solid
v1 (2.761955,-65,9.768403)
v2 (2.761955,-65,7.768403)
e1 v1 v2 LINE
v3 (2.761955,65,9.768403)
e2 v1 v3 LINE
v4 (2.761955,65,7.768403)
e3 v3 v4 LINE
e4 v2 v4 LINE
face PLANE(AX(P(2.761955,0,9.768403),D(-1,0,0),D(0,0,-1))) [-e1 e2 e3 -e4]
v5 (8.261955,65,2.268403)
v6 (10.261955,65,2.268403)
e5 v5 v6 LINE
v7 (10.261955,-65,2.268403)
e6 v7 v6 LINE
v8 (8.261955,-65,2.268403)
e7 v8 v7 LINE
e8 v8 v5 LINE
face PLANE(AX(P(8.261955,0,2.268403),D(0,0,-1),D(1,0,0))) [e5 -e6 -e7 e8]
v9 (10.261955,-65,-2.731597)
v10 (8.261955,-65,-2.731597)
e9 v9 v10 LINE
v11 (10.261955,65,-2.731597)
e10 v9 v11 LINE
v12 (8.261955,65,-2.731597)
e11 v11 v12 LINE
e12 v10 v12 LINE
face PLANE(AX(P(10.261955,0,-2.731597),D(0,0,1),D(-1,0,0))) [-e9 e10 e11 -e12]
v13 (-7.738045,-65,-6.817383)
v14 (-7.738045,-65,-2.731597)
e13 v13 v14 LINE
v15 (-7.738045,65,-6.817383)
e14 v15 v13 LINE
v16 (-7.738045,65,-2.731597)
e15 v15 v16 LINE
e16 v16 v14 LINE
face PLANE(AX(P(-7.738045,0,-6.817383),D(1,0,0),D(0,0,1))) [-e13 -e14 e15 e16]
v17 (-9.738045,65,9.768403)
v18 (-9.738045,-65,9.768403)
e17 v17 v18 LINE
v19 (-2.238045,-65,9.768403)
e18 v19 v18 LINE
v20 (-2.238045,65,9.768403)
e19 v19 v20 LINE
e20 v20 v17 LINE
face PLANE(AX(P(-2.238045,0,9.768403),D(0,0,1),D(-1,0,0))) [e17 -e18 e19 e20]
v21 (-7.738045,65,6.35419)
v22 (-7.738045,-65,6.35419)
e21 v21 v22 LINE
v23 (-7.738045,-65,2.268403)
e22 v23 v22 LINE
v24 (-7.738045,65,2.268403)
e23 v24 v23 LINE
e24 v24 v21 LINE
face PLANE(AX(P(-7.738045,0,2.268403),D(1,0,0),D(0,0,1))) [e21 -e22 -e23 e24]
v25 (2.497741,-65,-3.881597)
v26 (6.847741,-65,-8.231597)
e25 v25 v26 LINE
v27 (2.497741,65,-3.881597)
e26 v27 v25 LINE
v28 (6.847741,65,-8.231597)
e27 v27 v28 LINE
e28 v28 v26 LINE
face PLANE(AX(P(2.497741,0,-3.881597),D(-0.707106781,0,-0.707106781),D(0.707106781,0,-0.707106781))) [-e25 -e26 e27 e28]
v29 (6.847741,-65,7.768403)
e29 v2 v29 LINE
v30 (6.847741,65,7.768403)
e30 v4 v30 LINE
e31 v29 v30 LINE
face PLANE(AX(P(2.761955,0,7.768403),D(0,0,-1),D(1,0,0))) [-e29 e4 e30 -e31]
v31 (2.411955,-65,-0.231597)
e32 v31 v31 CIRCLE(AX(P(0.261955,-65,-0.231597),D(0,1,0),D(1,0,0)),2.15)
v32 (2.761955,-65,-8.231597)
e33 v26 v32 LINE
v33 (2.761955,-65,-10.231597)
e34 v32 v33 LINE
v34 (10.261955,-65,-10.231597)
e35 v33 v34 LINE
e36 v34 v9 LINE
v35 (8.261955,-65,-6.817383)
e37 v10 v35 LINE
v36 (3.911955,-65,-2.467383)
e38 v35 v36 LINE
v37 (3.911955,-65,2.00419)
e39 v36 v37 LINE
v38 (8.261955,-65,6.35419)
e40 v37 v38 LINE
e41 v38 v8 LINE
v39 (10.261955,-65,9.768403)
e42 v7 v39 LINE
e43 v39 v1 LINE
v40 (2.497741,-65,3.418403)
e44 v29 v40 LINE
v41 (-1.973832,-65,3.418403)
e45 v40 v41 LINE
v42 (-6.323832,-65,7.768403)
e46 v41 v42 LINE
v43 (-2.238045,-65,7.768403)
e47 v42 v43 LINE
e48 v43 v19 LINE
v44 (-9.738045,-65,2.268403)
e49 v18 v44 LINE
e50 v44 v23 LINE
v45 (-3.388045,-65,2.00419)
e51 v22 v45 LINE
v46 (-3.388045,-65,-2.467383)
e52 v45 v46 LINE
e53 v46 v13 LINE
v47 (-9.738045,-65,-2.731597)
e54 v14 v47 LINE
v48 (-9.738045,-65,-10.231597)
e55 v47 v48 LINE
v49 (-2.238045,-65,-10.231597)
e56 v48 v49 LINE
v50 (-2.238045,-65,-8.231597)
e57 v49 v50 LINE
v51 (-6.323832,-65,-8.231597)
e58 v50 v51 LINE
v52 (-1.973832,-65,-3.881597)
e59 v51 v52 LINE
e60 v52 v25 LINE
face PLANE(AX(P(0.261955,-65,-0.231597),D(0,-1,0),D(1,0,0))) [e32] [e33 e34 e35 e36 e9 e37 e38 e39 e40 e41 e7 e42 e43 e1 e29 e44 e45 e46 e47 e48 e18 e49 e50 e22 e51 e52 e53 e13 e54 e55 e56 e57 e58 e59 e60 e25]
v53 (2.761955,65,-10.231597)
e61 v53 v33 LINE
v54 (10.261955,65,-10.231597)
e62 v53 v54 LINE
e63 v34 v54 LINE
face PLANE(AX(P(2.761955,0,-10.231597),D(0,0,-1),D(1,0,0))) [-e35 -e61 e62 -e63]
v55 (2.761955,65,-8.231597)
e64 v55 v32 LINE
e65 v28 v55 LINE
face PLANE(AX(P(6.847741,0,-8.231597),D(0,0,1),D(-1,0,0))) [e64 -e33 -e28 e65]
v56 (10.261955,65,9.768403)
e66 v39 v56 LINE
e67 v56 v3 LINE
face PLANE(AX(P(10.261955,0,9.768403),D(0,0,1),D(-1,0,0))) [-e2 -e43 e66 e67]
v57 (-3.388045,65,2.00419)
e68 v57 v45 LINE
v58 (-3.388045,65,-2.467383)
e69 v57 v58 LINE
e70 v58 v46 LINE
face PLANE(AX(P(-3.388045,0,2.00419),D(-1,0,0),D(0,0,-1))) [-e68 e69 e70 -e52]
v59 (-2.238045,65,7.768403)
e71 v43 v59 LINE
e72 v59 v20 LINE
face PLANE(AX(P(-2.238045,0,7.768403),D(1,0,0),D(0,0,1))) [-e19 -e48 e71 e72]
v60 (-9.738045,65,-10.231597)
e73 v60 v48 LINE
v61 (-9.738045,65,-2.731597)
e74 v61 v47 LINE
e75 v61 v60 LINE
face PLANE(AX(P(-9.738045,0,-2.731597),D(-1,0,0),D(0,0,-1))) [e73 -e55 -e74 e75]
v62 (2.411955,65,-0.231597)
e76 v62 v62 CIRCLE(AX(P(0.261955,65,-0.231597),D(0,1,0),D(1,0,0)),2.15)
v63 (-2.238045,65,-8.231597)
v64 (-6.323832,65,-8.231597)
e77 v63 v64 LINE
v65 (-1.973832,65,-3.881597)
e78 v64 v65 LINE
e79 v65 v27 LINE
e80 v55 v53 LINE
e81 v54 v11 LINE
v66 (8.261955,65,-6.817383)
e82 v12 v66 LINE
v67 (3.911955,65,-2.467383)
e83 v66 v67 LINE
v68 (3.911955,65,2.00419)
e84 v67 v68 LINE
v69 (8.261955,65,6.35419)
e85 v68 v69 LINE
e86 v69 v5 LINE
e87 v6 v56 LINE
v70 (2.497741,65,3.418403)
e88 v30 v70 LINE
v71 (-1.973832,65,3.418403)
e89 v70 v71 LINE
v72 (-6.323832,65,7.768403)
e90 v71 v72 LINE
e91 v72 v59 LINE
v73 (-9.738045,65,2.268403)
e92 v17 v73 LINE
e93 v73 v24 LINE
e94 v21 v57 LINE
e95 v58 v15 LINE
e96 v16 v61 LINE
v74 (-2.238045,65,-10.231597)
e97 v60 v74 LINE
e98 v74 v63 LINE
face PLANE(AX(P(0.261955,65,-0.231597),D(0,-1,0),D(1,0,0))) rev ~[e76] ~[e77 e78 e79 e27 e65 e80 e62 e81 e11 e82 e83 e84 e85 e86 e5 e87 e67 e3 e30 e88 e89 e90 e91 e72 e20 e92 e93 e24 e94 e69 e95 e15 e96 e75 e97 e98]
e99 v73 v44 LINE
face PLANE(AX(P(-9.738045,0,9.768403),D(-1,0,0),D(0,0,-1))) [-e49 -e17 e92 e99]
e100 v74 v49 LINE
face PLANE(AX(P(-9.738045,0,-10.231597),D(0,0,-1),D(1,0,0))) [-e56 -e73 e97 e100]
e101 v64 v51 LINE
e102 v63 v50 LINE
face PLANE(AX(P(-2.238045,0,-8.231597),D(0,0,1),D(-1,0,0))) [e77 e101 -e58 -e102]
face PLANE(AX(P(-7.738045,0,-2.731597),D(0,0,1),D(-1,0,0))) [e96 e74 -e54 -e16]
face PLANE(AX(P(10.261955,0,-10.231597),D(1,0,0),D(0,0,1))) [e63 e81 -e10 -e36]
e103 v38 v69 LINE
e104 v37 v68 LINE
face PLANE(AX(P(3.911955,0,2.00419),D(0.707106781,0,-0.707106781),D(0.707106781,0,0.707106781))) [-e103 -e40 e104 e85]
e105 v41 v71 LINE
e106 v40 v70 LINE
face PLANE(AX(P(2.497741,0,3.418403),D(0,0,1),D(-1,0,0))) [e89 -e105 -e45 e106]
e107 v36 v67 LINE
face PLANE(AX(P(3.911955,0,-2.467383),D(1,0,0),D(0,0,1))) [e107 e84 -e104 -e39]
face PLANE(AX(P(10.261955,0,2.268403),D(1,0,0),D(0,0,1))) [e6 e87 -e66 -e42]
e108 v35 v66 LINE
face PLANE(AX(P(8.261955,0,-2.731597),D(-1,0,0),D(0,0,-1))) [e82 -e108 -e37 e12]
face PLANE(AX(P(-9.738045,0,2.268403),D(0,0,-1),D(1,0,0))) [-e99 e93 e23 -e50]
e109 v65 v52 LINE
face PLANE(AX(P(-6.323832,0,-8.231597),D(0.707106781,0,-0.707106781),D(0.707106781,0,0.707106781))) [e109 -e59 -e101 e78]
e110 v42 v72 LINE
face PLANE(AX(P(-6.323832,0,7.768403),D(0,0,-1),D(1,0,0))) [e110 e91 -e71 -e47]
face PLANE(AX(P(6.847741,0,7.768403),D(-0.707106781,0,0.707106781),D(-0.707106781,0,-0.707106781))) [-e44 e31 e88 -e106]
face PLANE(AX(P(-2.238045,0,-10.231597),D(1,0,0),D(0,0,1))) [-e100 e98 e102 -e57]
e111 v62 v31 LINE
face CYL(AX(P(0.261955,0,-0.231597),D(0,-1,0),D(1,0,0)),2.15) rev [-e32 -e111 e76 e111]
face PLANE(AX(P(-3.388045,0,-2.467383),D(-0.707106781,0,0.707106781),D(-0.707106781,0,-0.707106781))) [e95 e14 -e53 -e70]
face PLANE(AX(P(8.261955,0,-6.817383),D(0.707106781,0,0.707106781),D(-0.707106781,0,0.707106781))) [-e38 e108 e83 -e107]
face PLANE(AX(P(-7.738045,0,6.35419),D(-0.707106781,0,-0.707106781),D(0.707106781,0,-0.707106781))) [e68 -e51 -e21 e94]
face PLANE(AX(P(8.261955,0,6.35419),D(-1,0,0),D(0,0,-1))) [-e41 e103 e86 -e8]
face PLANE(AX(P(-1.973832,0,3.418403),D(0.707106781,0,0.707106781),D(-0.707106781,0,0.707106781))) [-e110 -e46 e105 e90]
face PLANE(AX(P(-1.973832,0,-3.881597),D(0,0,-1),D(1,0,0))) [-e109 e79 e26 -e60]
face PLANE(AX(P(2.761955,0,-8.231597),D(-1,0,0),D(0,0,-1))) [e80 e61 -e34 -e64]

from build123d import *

# Parameters (mm, degrees)
F1_DEPTH      = 65
F1_DEPTH_BACK = 65


with BuildPart() as f1:
    # F0 (on Front) → F1 (new body, two sides)
    with BuildSketch(Plane.XZ) as f1_sk:
        Polygon((-2.238045, 9.768403), (-9.738045, 9.768403), (-9.738045, 2.268403), (-7.738045, 2.268403), (-7.738045, 6.35419), (-3.388045, 2.00419), (-3.388045, -0.231597), (-3.388045, -2.467383), (-7.738045, -6.817383), (-7.738045, -2.731597), (-9.738045, -2.731597), (-9.738045, -10.231597), (-2.238045, -10.231597), (-2.238045, -8.231597), (-6.323832, -8.231597), (-1.973832, -3.881597), (2.497741, -3.881597), (6.847741, -8.231597), (2.761955, -8.231597), (2.761955, -10.231597), (10.261955, -10.231597), (10.261955, -2.731597), (8.261955, -2.731597), (8.261955, -6.817383), (3.911955, -2.467383), (3.911955, -0.231597), (3.911955, 2.00419), (8.261955, 6.35419), (8.261955, 2.268403), (10.261955, 2.268403), (10.261955, 9.768403), (2.761955, 9.768403), (2.761955, 7.768403), (6.847741, 7.768403), (2.497741, 3.418403), (-1.973832, 3.418403), (-6.323832, 7.768403), (-2.238045, 7.768403), align=None)
        with BuildLine():
            ThreePointArc((-1.888045, -0.231597), (0.261955, 1.918403), (2.411955, -0.231597))
            ThreePointArc((2.411955, -0.231597), (0.261955, -2.381597), (-1.888045, -0.231597))
        make_face(mode=Mode.SUBTRACT)
    extrude(amount=F1_DEPTH)
    extrude(f1_sk.sketch, amount=-F1_DEPTH_BACK)


solid = f1.part
